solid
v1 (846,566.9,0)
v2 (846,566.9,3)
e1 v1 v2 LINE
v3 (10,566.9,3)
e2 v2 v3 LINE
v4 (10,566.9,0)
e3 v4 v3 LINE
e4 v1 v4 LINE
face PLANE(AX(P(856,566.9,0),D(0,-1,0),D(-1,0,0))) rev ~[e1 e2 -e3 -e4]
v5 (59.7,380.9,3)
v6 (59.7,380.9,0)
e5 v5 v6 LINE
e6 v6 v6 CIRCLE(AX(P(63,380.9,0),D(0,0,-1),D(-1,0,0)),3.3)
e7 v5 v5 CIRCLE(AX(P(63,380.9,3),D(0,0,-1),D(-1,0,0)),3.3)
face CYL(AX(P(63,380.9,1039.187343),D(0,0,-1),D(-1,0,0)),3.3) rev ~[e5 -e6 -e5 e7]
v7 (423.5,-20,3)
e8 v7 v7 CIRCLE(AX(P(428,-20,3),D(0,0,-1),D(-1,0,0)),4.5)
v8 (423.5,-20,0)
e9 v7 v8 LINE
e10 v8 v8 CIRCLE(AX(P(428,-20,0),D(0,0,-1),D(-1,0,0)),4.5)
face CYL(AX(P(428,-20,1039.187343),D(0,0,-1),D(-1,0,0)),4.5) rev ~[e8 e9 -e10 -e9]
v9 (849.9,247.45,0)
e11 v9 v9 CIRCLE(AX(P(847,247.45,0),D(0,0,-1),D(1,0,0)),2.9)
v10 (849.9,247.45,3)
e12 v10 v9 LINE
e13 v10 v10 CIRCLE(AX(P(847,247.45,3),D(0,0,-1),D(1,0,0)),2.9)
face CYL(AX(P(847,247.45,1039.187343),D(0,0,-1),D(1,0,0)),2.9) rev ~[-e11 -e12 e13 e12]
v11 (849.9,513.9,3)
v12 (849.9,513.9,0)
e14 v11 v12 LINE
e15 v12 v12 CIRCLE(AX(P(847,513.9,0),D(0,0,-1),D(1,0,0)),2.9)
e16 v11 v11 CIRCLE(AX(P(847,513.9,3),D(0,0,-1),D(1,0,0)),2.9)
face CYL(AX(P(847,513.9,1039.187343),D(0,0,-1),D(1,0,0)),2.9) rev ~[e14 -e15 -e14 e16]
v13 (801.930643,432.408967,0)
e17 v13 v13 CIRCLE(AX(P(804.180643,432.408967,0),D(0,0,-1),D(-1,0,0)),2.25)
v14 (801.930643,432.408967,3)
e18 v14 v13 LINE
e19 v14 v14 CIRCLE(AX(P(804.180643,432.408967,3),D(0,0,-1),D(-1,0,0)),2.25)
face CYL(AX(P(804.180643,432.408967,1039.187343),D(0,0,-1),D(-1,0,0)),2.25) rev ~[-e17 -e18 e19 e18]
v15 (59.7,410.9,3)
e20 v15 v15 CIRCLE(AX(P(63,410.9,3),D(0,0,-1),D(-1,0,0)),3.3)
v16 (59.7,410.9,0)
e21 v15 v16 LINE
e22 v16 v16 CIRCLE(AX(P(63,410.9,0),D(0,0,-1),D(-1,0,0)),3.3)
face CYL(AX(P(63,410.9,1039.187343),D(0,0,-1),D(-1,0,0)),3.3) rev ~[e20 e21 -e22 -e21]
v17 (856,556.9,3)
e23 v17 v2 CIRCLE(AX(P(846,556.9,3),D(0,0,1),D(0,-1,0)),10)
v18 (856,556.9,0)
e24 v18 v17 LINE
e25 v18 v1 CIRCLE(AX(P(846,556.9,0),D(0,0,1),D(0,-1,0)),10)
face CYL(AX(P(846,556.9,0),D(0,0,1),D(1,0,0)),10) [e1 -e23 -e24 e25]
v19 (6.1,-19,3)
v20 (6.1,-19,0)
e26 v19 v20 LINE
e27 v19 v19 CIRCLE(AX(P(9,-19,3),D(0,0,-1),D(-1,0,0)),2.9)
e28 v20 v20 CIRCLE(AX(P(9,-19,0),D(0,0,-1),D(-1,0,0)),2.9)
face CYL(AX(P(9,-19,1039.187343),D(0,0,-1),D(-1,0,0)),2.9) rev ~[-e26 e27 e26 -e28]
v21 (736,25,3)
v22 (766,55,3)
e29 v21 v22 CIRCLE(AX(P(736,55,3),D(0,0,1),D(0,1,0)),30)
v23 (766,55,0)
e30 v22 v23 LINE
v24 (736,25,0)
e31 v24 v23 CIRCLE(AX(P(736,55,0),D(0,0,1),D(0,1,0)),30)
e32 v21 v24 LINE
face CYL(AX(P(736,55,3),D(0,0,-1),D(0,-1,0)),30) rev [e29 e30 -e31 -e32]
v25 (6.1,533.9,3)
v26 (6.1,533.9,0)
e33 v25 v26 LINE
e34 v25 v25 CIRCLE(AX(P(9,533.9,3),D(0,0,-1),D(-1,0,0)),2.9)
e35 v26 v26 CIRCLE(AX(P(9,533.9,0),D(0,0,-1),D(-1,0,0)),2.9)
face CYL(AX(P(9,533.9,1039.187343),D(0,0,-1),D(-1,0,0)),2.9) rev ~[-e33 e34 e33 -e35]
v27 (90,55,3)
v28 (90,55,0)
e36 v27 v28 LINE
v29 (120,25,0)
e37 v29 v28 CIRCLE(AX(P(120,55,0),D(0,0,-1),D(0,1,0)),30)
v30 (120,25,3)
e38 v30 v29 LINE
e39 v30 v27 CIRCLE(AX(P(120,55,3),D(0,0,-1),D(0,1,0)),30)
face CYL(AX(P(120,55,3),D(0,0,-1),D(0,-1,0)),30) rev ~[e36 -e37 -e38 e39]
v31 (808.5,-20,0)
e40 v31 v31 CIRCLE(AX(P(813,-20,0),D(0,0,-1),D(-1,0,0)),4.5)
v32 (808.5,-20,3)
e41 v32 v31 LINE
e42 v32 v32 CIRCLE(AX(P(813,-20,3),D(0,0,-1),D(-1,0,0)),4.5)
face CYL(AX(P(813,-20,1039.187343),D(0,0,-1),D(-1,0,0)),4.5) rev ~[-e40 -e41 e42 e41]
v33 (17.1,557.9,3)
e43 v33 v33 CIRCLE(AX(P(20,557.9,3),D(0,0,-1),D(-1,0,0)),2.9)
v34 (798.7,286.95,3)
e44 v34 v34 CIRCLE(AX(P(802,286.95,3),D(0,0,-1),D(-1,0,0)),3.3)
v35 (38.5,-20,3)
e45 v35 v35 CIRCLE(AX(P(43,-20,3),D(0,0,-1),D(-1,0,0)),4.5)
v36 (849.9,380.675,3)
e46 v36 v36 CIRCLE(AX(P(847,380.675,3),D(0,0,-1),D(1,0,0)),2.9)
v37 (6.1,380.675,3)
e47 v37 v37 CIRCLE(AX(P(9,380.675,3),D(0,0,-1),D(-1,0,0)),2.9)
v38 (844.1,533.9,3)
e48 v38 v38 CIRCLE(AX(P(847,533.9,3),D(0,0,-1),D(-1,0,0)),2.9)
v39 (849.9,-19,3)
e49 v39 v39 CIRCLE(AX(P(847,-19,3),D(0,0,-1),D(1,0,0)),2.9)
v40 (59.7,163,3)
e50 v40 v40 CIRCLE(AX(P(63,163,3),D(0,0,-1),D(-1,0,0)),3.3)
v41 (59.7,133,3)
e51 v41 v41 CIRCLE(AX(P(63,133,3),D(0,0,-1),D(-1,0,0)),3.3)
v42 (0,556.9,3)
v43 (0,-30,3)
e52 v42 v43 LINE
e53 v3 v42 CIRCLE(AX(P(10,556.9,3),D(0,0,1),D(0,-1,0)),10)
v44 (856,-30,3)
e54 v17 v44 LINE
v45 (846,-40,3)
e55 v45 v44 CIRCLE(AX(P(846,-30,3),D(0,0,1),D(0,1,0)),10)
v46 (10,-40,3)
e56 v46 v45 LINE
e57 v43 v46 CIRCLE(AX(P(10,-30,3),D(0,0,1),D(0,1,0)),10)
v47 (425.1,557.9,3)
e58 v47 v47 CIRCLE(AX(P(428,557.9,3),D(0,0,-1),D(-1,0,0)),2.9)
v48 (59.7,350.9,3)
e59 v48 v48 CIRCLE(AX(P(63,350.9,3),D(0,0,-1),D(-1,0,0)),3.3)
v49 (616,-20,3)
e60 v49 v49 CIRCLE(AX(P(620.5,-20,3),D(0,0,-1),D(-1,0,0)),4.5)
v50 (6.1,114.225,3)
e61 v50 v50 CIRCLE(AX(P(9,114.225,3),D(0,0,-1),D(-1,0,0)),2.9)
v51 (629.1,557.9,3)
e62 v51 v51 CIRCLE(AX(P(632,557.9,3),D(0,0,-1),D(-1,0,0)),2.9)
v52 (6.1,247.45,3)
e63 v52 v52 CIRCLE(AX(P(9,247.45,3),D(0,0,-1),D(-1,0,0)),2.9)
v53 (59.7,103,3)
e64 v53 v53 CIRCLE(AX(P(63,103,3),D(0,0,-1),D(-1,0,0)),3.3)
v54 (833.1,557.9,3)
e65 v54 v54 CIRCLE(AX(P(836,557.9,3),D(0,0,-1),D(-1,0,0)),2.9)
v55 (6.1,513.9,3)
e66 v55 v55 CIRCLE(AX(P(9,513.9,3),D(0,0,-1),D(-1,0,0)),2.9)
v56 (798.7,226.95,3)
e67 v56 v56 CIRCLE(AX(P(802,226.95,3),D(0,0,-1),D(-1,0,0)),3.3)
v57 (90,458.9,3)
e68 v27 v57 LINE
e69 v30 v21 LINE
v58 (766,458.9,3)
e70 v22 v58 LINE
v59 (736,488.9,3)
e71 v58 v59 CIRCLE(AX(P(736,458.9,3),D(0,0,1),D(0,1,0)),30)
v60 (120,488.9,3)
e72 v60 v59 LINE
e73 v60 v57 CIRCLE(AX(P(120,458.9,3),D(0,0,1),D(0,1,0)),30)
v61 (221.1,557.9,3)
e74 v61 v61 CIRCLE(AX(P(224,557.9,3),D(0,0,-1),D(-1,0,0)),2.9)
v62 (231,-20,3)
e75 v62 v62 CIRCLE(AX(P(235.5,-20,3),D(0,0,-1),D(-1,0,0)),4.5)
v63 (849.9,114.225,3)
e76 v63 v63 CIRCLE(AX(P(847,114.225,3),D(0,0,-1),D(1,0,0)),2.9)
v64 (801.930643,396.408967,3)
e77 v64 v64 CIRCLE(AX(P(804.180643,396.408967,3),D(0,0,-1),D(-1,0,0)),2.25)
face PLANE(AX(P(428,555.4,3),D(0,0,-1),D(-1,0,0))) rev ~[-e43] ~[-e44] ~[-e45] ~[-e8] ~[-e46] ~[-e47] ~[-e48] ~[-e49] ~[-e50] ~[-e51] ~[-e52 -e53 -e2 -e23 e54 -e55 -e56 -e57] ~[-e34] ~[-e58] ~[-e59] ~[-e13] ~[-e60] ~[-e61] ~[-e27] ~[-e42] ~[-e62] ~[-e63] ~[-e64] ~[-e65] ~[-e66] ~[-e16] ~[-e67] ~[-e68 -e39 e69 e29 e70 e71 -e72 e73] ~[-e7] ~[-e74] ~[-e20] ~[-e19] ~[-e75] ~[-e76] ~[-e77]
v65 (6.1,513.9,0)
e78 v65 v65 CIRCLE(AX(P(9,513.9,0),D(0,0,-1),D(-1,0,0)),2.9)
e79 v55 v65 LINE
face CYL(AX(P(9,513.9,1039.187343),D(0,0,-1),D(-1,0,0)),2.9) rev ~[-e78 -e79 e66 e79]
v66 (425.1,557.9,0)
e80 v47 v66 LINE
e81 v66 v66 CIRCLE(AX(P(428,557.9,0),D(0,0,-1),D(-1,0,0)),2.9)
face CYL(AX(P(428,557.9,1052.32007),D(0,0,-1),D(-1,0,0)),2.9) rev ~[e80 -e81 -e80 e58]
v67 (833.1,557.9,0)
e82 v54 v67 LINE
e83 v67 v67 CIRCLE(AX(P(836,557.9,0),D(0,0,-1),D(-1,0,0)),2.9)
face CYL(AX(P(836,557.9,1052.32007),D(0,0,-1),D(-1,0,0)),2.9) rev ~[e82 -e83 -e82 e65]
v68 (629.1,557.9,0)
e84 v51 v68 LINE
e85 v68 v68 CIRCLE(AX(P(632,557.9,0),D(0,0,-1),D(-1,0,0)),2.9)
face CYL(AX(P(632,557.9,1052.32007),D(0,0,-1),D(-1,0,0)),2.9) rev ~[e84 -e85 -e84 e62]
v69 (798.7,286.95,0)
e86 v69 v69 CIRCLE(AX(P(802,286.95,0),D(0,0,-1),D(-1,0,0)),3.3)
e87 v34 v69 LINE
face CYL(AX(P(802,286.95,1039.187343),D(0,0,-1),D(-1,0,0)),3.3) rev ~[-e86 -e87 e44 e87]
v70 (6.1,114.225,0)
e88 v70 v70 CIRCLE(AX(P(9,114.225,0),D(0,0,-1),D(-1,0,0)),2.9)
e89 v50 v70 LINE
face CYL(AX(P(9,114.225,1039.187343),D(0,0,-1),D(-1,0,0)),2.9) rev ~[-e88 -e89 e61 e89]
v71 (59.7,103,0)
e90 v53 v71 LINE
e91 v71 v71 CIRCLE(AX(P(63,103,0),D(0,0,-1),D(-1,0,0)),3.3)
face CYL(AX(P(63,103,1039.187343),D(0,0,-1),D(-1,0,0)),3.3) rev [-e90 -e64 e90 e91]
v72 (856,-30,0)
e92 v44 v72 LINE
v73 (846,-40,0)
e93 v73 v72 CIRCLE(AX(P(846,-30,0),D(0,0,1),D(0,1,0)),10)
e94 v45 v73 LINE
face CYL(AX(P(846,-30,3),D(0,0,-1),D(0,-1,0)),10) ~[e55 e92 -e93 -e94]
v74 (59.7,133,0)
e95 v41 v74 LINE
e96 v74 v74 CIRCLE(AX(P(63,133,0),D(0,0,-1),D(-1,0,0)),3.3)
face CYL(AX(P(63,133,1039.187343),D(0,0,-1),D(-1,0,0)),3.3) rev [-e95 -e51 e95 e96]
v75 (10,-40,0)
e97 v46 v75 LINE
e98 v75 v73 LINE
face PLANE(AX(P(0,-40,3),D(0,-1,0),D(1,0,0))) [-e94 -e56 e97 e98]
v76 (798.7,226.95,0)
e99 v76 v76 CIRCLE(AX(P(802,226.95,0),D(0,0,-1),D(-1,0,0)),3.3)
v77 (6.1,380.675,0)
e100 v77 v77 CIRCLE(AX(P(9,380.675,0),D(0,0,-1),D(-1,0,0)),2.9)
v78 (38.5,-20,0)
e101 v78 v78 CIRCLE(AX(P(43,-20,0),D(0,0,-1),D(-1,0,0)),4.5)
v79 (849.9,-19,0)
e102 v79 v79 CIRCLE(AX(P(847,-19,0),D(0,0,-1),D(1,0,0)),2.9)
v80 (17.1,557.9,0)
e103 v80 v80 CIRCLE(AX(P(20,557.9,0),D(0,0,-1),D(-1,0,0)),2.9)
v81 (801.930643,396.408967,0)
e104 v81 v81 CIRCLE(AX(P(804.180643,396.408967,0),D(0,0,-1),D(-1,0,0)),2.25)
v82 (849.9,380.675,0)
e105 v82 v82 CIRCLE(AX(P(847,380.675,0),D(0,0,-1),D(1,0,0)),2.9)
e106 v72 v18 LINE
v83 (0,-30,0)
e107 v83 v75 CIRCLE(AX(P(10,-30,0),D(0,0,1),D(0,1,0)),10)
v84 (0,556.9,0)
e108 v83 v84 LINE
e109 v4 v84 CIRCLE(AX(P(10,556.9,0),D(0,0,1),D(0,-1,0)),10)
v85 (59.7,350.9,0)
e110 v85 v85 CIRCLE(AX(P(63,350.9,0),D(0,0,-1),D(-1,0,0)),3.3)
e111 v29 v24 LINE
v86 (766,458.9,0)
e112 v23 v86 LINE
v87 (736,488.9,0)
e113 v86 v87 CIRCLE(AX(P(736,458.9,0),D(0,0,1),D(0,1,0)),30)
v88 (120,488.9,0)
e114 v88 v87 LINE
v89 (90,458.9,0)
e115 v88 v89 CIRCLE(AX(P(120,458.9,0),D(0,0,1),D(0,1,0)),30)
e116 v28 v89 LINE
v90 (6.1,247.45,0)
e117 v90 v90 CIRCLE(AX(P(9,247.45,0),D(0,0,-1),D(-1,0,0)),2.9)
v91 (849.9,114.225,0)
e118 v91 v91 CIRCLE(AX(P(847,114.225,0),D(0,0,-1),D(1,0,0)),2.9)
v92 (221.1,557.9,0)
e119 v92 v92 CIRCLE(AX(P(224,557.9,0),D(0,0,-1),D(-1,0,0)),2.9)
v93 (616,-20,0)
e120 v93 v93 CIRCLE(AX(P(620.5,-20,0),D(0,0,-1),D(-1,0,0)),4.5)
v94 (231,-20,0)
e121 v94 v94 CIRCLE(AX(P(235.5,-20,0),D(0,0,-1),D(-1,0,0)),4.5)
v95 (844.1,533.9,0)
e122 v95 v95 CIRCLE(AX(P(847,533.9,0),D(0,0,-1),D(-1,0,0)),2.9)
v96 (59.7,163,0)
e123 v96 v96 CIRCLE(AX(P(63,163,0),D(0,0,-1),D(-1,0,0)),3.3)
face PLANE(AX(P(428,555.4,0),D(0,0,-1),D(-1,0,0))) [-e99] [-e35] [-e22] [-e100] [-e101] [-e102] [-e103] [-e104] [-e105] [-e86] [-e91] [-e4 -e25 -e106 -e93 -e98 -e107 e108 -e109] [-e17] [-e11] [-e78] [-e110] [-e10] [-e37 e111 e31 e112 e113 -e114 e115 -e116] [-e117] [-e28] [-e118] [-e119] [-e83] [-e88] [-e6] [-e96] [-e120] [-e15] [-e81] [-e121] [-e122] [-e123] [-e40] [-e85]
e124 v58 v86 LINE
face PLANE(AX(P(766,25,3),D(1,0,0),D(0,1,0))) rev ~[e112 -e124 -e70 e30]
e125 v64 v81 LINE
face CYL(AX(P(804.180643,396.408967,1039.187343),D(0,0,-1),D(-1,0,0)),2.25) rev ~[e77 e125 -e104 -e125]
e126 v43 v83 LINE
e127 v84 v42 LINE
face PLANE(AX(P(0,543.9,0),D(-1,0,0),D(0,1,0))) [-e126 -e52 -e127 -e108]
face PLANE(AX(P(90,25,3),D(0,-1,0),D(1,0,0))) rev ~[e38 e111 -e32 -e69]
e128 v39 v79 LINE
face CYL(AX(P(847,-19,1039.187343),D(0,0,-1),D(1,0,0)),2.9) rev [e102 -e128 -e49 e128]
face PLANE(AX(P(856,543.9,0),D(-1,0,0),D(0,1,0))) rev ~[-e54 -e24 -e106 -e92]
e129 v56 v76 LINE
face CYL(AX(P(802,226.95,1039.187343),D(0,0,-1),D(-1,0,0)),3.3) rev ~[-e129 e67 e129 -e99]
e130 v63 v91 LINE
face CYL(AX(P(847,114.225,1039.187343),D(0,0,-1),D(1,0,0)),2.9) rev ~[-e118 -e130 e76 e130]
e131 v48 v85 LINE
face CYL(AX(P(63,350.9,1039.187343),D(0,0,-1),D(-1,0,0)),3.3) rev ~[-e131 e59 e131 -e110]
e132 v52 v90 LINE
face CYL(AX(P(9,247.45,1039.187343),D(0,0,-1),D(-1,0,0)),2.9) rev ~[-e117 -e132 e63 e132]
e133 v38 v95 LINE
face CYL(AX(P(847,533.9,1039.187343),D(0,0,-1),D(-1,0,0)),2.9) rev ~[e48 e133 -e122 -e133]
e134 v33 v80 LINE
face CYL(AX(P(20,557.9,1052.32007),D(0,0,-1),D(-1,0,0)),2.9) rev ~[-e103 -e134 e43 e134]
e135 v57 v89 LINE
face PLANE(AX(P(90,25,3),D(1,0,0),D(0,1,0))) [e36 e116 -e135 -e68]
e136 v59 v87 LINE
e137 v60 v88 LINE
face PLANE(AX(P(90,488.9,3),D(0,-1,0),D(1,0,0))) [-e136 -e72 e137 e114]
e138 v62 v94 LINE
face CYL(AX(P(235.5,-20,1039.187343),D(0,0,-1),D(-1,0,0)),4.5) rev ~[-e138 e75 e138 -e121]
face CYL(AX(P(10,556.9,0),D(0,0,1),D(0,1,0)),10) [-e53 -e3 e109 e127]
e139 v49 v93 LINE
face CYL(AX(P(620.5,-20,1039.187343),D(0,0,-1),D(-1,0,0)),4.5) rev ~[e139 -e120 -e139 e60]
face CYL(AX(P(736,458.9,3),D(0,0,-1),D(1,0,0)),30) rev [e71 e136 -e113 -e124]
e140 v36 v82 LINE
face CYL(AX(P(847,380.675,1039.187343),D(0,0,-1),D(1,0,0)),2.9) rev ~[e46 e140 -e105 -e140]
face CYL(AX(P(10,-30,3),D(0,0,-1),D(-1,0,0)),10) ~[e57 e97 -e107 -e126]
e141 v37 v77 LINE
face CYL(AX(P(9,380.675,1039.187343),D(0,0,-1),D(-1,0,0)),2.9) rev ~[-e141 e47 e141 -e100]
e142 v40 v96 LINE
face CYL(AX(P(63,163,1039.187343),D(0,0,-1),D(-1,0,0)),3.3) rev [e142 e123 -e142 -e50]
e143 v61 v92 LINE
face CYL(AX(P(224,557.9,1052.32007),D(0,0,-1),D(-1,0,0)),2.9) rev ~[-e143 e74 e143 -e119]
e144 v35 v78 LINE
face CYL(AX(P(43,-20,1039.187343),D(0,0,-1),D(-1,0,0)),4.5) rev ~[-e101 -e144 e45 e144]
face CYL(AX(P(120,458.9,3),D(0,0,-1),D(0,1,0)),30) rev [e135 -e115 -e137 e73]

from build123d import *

# Parameters (mm, degrees)
SKETCH1_W            = 856
SKETCH1_H            = 543.9
MAINFRONT_DEPTH      = 3
SKETCH2_W            = 676
SKETCH2_H            = 463.9
DOORCUT_DEPTH        = 4
DOORROUNDINTERNAL_R  = 30
SKETCH3_W            = 856
SKETCH3_H            = 40
BOTTOMMOUNT_DEPTH    = 3
M8_CLEARANCE_HOLE1_D = 9
LPATTERN1_COUNT      = 5
LPATTERN1_PITCH      = 192.5
M5_CLEARANCE_HOLE1_D = 5.8
LPATTERN2_COUNT      = 5
LPATTERN2_PITCH      = 133.225
MIRROR1_COPY_1_D     = 5.8
MIRROR1_COPY_2_D     = 5.8
MIRROR1_COPY_3_D     = 5.8
MIRROR1_COPY_4_D     = 5.8
M5_CLEARANCE_HOLE2_D = 5.8
LPATTERN3_COUNT      = 2
LPATTERN3_PITCH      = 838
M6_CLEARANCE_HOLE1_D = 6.6
FILLET1_R            = 10
M4_CLEARANCE_HOLE1_D = 4.5
M6_CLEARANCE_HOLE2_D = 6.6
SKETCH17_W           = 856
SKETCH17_H           = 23
BOSS_EXTRUDE1_DEPTH  = 3
M5_CLEARANCE_HOLE3_D = 5.8
LPATTERN4_COUNT      = 5
LPATTERN4_PITCH      = 204
FILLET2_R            = 10


with BuildPart() as part:
    # Sketch1 → MainFront (new body)
    with BuildSketch(Plane.XY):
        with Locations((428, 271.95)):
            Rectangle(SKETCH1_W, SKETCH1_H)
    extrude(amount=MAINFRONT_DEPTH)

    # Sketch2 → DoorCut (cut, through all)
    with BuildSketch(Plane.XY.offset(3)):
        with Locations((428, 256.95)):
            Rectangle(SKETCH2_W, SKETCH2_H)
    extrude(amount=-DOORCUT_DEPTH, mode=Mode.SUBTRACT)

    # DoorRoundInternal
    doorroundinternal_edges = [part.edges().sort_by_distance(p)[0] for p in [
        (766, 488.9, 1.5),
        (766, 25, 1.5),
        (90, 25, 1.5),
        (90, 488.9, 1.5),
    ]]
    fillet(doorroundinternal_edges, radius=DOORROUNDINTERNAL_R)

    # Sketch3 → BottomMount (add)
    with BuildSketch(Plane.XY.offset(3)):
        with Locations((428, -20)):
            Rectangle(SKETCH3_W, SKETCH3_H)
    extrude(amount=-BOTTOMMOUNT_DEPTH)

    # M8 Clearance Hole1 (through all)
    with Locations(Plane.XY.offset(3)):
        with Locations((43, -20)):
            m8_clearance_hole1 = Hole(M8_CLEARANCE_HOLE1_D / 2)

    # LPattern1: M8 Clearance Hole1 ×5
    with Locations(*[(i * LPATTERN1_PITCH, 0, 0) for i in range(1, LPATTERN1_COUNT)]):
        add(m8_clearance_hole1, mode=Mode.SUBTRACT)

    # M5 Clearance Hole1 (through all)
    with Locations(Plane.XY.offset(3)):
        with Locations((9, -19)):
            m5_clearance_hole1 = Hole(M5_CLEARANCE_HOLE1_D / 2)

    # LPattern2: M5 Clearance Hole1 ×5
    with Locations(*[(0, i * LPATTERN2_PITCH, 0) for i in range(1, LPATTERN2_COUNT)]):
        add(m5_clearance_hole1, mode=Mode.SUBTRACT)

    # Mirror1: M5 Clearance Hole1 across plane
    add(m5_clearance_hole1.mirror(Plane(origin=(428, 0, 0), x_dir=(0, 0, 1), z_dir=(1, 0, 0))), mode=Mode.SUBTRACT)

    # Mirror1 copy 1 (through all)
    with Locations(Plane(origin=(856, 133.225, 3), x_dir=(-1, 0, 0), z_dir=(0, 0, 1))):
        with Locations((9, 19)):
            Hole(MIRROR1_COPY_1_D / 2)

    # Mirror1 copy 2 (through all)
    with Locations(Plane(origin=(856, 266.45, 3), x_dir=(-1, 0, 0), z_dir=(0, 0, 1))):
        with Locations((9, 19)):
            Hole(MIRROR1_COPY_2_D / 2)

    # Mirror1 copy 3 (through all)
    with Locations(Plane(origin=(856, 399.675, 3), x_dir=(-1, 0, 0), z_dir=(0, 0, 1))):
        with Locations((9, 19)):
            Hole(MIRROR1_COPY_3_D / 2)

    # Mirror1 copy 4 (through all)
    with Locations(Plane(origin=(856, 532.9, 3), x_dir=(-1, 0, 0), z_dir=(0, 0, 1))):
        with Locations((9, 19)):
            Hole(MIRROR1_COPY_4_D / 2)

    # M5 Clearance Hole2 (through all)
    with Locations(Plane.XY.offset(3)):
        with Locations((9, 533.9)):
            m5_clearance_hole2 = Hole(M5_CLEARANCE_HOLE2_D / 2)

    # LPattern3: M5 Clearance Hole2 ×2
    with Locations(*[(i * LPATTERN3_PITCH, 0, 0) for i in range(1, LPATTERN3_COUNT)]):
        add(m5_clearance_hole2, mode=Mode.SUBTRACT)

    # M6 Clearance Hole1 (through all)
    with Locations(Plane.XY.offset(3)):
        with Locations((802, 286.95), (802, 226.95)):
            Hole(M6_CLEARANCE_HOLE1_D / 2)

    # Fillet1
    fillet1_edges = [part.edges().sort_by_distance(p)[0] for p in [
        (0, -40, 1.5),
        (856, -40, 1.5),
    ]]
    fillet(fillet1_edges, radius=FILLET1_R)

    # M4 Clearance Hole1 (through all)
    with Locations(Plane.XY.offset(3)):
        with Locations((804.180642757, 432.408967428), (804.180642757, 396.408967428)):
            Hole(M4_CLEARANCE_HOLE1_D / 2)

    # M6 Clearance Hole2 (through all)
    with Locations(Plane.XY.offset(3)):
        with Locations((63, 410.9), (63, 380.9), (63, 350.9)):
            m6_clearance_hole2 = Hole(M6_CLEARANCE_HOLE2_D / 2)

    # Mirror2: M6 Clearance Hole2 across plane
    add(m6_clearance_hole2.mirror(Plane.ZX.offset(256.95)), mode=Mode.SUBTRACT)

    # Sketch17 → Boss-Extrude1 (add)
    with BuildSketch(Plane(origin=(0, 0, 0), x_dir=(-1, 0, 0), z_dir=(0, 0, -1))):
        with Locations((-428, 555.4)):
            Rectangle(SKETCH17_W, SKETCH17_H)
    extrude(amount=-BOSS_EXTRUDE1_DEPTH)

    # M5 Clearance Hole3 (through all)
    with Locations(Plane.XY.offset(3)):
        with Locations((20, 557.9)):
            m5_clearance_hole3 = Hole(M5_CLEARANCE_HOLE3_D / 2)

    # LPattern4: M5 Clearance Hole3 ×5
    with Locations(*[(i * LPATTERN4_PITCH, 0, 0) for i in range(1, LPATTERN4_COUNT)]):
        add(m5_clearance_hole3, mode=Mode.SUBTRACT)

    # Fillet2
    fillet2_edges = [part.edges().sort_by_distance(p)[0] for p in [
        (856, 566.9, 1.5),
        (0, 566.9, 1.5),
    ]]
    fillet(fillet2_edges, radius=FILLET2_R)


solid = part.part
